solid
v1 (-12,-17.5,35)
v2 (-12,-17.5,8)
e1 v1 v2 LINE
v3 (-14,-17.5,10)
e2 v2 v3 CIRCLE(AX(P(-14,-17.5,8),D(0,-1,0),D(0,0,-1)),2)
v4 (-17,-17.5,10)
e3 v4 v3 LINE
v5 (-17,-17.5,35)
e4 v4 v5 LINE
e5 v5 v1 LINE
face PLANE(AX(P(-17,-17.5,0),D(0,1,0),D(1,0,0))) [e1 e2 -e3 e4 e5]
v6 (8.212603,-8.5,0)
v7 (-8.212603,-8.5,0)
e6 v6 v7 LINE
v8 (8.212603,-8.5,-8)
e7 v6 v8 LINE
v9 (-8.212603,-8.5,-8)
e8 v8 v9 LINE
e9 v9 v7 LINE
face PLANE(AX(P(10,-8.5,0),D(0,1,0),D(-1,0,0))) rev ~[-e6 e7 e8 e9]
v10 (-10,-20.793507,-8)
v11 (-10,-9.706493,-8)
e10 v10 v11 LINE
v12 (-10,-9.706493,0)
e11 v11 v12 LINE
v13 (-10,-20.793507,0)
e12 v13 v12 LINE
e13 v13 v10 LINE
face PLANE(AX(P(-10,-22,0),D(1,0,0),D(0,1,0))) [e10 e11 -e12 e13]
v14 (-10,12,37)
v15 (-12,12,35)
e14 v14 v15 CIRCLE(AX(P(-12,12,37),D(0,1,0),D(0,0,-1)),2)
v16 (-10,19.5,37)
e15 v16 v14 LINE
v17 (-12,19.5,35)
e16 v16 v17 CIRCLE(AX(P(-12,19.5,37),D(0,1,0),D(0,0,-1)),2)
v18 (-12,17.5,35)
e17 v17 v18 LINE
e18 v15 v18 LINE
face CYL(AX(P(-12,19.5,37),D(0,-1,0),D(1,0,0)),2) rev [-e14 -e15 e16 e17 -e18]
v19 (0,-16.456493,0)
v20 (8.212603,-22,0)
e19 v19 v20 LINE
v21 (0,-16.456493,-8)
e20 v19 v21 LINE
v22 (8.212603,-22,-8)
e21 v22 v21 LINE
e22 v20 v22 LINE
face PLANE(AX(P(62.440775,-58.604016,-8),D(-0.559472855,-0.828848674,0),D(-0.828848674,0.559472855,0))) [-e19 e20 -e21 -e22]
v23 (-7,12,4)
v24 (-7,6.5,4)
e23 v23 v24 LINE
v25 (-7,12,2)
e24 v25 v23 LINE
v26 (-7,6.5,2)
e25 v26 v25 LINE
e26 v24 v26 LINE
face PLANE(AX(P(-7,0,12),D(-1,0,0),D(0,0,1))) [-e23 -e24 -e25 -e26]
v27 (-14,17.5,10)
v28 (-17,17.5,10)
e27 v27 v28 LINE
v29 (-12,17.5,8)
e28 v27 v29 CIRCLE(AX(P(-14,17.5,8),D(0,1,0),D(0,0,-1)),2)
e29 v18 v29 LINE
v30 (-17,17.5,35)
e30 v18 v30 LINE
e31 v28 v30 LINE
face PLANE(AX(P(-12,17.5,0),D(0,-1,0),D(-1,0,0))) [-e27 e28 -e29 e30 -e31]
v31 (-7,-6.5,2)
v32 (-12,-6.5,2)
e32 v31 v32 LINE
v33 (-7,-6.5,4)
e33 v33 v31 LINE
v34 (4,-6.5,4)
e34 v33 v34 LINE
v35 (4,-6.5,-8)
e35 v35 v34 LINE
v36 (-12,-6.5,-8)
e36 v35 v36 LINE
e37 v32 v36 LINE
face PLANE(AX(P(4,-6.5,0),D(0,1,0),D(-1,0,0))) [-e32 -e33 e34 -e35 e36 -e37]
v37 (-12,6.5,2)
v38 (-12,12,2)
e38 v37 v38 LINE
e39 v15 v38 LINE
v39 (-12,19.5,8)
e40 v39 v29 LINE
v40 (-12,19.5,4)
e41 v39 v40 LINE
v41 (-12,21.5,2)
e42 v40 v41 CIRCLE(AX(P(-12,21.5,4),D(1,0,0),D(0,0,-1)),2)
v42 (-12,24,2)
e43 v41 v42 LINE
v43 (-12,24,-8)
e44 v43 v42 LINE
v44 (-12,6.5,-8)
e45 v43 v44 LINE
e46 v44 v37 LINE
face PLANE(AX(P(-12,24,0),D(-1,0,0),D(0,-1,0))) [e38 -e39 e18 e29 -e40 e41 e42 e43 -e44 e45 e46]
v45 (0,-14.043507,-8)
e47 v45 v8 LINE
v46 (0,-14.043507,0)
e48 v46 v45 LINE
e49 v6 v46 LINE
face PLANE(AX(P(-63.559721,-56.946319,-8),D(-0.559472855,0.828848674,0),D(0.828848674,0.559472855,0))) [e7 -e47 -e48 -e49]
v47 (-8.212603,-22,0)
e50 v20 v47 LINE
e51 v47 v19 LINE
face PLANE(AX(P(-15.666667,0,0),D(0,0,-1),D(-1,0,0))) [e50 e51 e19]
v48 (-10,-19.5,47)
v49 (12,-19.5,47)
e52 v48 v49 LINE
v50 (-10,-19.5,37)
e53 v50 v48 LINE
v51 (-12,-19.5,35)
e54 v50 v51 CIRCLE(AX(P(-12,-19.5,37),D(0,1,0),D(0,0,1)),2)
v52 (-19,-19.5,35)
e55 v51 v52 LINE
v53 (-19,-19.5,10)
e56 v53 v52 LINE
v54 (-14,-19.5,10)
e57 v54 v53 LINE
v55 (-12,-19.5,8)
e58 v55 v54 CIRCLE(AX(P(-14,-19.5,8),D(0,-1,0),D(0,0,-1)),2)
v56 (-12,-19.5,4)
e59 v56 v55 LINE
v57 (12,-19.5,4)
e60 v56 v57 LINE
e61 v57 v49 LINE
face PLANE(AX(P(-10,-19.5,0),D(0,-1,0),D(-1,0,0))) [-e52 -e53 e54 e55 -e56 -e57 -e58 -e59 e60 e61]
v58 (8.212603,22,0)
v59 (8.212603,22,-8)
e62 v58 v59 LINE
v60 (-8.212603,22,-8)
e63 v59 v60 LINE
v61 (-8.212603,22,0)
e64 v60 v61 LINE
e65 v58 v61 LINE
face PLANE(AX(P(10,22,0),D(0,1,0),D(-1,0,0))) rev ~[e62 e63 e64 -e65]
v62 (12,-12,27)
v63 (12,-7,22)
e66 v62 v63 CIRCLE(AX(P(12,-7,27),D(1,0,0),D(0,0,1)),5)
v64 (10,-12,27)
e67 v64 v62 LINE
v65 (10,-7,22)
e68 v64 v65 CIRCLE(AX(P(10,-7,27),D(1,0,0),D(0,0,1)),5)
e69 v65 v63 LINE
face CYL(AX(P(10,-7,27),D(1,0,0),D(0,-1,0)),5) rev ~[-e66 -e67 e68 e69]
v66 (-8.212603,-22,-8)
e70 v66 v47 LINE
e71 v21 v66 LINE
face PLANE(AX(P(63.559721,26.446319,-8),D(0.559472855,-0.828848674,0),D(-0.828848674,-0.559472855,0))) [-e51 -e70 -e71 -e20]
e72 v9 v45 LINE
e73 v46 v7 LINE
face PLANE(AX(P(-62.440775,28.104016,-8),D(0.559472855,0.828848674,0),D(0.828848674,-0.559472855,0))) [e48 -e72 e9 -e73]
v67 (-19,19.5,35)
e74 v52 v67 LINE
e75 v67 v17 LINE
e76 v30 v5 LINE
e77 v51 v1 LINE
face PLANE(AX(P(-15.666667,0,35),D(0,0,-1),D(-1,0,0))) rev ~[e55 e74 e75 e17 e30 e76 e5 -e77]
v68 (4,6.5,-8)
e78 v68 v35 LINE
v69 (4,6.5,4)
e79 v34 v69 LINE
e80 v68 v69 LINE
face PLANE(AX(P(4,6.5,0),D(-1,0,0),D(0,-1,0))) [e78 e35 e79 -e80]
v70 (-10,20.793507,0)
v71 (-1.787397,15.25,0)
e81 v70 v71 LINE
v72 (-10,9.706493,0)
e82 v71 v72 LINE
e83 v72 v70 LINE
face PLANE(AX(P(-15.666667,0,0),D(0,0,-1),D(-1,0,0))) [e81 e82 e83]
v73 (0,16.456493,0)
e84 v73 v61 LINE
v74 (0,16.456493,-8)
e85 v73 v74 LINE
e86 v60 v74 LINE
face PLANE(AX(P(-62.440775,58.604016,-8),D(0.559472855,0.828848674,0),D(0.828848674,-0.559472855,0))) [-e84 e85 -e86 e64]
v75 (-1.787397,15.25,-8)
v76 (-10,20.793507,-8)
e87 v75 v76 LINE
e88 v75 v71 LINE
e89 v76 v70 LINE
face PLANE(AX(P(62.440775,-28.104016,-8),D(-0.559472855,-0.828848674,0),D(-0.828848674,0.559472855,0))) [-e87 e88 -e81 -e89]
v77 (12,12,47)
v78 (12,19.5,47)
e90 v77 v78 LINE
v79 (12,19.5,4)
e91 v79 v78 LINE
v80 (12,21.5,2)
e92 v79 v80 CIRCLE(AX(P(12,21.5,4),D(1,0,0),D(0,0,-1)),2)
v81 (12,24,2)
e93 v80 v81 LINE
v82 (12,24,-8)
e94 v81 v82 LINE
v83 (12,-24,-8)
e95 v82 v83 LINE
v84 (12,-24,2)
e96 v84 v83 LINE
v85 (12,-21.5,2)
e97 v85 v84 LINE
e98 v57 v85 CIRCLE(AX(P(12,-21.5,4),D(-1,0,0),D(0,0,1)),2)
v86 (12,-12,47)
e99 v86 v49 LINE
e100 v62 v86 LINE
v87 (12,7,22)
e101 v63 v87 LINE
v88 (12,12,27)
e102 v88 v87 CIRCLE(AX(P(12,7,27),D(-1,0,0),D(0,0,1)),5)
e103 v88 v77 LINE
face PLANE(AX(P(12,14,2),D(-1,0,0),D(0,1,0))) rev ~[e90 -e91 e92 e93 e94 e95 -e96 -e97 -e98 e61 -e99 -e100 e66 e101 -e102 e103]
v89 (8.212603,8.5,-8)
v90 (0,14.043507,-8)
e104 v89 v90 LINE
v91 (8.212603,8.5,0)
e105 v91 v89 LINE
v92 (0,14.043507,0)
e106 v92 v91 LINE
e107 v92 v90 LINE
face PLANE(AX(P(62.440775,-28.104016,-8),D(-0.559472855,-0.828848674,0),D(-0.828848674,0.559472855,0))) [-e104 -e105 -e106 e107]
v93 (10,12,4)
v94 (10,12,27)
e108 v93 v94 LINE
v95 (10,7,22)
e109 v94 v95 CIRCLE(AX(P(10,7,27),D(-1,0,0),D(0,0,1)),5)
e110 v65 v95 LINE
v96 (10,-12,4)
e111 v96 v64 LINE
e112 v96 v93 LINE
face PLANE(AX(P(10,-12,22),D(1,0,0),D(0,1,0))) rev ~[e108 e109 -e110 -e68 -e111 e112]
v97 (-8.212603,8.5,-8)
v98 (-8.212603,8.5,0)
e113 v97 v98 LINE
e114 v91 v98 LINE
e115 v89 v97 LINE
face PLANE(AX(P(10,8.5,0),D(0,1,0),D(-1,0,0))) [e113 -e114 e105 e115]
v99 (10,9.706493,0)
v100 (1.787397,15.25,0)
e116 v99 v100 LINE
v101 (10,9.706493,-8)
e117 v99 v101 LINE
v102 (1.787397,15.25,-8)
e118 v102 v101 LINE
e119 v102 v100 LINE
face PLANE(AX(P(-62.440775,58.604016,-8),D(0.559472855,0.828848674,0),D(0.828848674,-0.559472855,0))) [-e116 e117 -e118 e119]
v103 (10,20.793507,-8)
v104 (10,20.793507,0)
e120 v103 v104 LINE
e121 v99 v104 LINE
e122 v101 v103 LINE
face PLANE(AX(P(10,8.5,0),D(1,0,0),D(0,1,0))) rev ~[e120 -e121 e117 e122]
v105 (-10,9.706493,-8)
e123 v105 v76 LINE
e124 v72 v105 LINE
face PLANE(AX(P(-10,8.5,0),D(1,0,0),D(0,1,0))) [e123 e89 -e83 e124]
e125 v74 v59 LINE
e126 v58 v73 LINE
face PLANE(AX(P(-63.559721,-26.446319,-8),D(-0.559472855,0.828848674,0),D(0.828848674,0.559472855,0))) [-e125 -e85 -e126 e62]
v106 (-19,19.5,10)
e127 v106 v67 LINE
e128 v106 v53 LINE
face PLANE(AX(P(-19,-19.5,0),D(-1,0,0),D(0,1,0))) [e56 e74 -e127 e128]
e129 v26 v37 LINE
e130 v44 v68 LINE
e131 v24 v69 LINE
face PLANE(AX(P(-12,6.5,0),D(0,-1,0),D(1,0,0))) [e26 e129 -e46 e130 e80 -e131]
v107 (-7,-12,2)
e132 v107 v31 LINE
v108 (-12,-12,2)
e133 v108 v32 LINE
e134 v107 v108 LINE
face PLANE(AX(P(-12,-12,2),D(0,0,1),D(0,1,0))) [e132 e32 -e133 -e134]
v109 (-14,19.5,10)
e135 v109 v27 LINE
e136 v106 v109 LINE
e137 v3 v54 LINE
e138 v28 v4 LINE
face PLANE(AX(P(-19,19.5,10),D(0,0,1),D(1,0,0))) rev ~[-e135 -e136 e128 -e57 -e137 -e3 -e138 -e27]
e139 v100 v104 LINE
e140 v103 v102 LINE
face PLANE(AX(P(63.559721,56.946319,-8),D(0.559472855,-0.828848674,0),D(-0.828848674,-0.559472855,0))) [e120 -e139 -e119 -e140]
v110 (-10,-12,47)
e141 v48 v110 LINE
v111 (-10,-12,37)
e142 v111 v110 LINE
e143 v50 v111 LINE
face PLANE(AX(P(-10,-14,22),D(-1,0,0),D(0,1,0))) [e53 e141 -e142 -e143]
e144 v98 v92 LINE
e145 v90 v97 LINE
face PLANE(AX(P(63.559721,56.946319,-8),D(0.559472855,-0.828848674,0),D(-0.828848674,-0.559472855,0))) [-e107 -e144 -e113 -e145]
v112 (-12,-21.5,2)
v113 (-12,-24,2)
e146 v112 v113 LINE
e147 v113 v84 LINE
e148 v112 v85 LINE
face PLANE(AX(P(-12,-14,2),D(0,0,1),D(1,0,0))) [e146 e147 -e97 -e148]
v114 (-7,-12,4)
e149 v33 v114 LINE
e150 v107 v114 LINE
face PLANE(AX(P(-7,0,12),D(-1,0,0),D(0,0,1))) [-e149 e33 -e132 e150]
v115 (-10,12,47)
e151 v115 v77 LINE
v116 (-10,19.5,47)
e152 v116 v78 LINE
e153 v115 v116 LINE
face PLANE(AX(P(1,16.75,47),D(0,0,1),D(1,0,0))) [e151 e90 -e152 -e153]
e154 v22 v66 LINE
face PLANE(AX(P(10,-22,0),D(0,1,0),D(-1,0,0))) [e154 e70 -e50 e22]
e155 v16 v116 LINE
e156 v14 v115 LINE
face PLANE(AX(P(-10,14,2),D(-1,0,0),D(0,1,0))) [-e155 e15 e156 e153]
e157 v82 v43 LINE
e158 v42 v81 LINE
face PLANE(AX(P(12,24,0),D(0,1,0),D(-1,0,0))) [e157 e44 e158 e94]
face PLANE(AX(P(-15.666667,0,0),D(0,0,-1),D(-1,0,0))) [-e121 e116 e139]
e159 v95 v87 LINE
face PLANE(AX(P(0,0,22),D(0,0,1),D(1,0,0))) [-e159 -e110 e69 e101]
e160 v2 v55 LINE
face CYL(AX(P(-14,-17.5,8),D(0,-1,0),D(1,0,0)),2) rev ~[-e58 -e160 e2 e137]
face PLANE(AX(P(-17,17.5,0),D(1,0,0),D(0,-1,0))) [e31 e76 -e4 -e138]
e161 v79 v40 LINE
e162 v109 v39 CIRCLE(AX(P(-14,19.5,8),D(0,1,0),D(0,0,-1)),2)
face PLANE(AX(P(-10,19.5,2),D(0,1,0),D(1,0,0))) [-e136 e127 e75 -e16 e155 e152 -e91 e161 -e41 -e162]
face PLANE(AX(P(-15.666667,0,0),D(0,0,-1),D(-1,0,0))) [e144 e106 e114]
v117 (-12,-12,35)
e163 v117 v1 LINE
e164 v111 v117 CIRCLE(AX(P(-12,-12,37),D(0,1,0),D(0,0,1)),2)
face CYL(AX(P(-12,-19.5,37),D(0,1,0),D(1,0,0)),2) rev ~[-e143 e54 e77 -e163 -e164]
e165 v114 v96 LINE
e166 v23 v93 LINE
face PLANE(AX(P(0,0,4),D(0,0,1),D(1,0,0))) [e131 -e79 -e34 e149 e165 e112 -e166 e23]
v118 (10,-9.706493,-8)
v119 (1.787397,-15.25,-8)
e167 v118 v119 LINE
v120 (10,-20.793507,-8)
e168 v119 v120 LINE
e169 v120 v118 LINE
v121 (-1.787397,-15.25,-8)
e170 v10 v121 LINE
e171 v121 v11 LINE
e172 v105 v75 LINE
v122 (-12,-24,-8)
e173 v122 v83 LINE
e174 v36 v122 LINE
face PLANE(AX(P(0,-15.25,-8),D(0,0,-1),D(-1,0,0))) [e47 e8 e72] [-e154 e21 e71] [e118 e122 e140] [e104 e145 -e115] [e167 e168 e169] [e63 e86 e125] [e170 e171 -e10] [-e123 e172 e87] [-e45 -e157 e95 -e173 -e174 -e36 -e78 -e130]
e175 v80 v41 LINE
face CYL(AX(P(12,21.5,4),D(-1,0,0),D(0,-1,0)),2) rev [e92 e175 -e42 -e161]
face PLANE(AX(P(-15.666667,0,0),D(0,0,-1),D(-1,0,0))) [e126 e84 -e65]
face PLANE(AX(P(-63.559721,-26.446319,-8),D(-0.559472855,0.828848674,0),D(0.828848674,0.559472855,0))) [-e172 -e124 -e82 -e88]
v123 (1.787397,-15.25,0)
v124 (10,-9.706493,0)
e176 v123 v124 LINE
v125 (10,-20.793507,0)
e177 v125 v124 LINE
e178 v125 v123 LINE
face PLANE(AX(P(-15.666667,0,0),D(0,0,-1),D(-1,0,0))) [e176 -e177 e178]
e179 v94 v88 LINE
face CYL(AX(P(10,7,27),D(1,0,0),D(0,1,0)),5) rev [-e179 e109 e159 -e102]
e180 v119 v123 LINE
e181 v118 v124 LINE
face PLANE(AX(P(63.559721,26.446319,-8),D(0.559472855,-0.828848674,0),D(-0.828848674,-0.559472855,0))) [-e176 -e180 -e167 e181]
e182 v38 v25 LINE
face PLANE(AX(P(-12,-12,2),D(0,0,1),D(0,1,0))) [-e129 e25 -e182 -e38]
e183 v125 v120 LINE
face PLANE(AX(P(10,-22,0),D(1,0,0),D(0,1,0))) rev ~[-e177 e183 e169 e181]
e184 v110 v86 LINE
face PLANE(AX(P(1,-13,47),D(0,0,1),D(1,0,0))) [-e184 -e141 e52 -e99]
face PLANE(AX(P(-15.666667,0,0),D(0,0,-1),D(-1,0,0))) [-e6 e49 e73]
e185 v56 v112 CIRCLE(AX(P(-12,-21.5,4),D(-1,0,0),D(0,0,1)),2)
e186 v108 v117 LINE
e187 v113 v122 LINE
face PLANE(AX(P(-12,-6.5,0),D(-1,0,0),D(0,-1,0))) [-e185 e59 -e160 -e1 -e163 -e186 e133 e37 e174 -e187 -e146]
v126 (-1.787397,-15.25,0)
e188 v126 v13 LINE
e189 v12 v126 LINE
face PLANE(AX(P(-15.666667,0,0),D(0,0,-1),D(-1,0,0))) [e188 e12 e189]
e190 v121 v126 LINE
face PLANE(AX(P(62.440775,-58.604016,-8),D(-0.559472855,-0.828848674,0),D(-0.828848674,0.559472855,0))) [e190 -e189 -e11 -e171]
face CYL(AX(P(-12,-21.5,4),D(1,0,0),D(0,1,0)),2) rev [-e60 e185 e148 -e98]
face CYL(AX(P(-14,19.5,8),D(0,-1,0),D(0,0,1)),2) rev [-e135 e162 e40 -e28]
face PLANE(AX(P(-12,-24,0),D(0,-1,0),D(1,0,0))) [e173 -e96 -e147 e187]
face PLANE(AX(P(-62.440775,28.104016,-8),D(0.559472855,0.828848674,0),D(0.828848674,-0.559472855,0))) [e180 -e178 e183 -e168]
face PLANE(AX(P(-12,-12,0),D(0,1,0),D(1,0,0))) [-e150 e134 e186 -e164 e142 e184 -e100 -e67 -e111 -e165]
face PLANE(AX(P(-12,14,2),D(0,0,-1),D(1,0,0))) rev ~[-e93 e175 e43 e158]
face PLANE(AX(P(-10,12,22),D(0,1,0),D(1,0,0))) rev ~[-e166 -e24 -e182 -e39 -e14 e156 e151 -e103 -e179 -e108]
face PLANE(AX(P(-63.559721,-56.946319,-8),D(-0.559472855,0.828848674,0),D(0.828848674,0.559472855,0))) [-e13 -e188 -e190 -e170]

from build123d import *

# Parameters (mm, degrees)
SKETCH_2_W          = 24
SKETCH_2_H          = 28
EXTRUDE_1_DEPTH     = 22
SKETCH_3_W          = 20
SKETCH_3_H          = 24
CUT_EXTRUDE_1_DEPTH = 18
SKETCH_4_W          = 16
SKETCH_4_H          = 13
CUT_EXTRUDE_3_DEPTH = 26.768197453
SKETCH_6_W          = 20
SKETCH_6_H          = 24
CUT_EXTRUDE_4_DEPTH = 5
SKETCH_7_W          = 24
SKETCH_7_H          = 2
EXTRUDE_3_DEPTH     = 10
SKETCH_8_W          = 24
SKETCH_8_H          = 2
EXTRUDE_4_DEPTH     = 10
EXTRUDE_5_DEPTH     = 35
SKETCH_10_W         = 22
SKETCH_10_H         = 2
EXTRUDE_6_DEPTH     = 25
FILLET_2_R          = 5
SKETCH_11_W         = 7
SKETCH_11_H         = 10
CUT_EXTRUDE_5_DEPTH = 67.80007485
FILLET_4_R          = 2
SKETCH_12_W         = 20
SKETCH_12_H         = 13.5
EXTRUDE_7_DEPTH     = 8
RIB_1_REACH         = 64.944
SKETCH_14_W         = 22
SKETCH_14_H         = 5.5
EXTRUDE_8_DEPTH     = 45
FILLET_5_R          = 2


with BuildPart() as part:
    # ｽｹｯﾁ2 → ﾎﾞｽ - 押し出し1 (new body)
    with BuildSketch(Plane.XY):
        Rectangle(SKETCH_2_W, SKETCH_2_H)
    extrude(amount=EXTRUDE_1_DEPTH)

    # ｽｹｯﾁ3 → ｶｯﾄ - 押し出し1 (cut)
    with BuildSketch(Plane.XY.offset(22)):
        Rectangle(SKETCH_3_W, SKETCH_3_H)
    extrude(amount=-CUT_EXTRUDE_1_DEPTH, mode=Mode.SUBTRACT)

    # ｽｹｯﾁ4 → ｶｯﾄ - 押し出し3 (cut, through all)
    with BuildSketch(Plane.XY.offset(4)):
        with Locations((-4, 0)):
            Rectangle(SKETCH_4_W, SKETCH_4_H)
    extrude(amount=-CUT_EXTRUDE_3_DEPTH, mode=Mode.SUBTRACT)

    # ｽｹｯﾁ6 → ｶｯﾄ - 押し出し4 (cut)
    with BuildSketch(Plane.ZY.offset(12)):
        with Locations((12, 0)):
            Rectangle(SKETCH_6_W, SKETCH_6_H)
    extrude(amount=-CUT_EXTRUDE_4_DEPTH, mode=Mode.SUBTRACT)

    # ｽｹｯﾁ7 → ﾎﾞｽ - 押し出し3 (add)
    with BuildSketch(Plane.XZ.offset(14)):
        with Locations((0, 1)):
            Rectangle(SKETCH_7_W, SKETCH_7_H)
    extrude(amount=EXTRUDE_3_DEPTH)

    # ｽｹｯﾁ8 → ﾎﾞｽ - 押し出し4 (add)
    with BuildSketch(Plane(origin=(0, 14, 0), x_dir=(1, 0, 0), z_dir=(0, 1, 0))):
        with Locations((0, -1)):
            Rectangle(SKETCH_8_W, SKETCH_8_H)
    extrude(amount=EXTRUDE_4_DEPTH)

    # ｽｹｯﾁ9 → ﾎﾞｽ - 押し出し5 (add)
    with BuildSketch(Plane(origin=(0, 0, 0), x_dir=(-1, 0, 0), z_dir=(0, 0, -1))):
        Polygon((12, 17.5), (17, 17.5), (17, -17.5), (12, -17.5), (12, -12), (10, -12), (10, -19.5), (19, -19.5), (19, 19.5), (10, 19.5), (10, 12), (12, 12), align=None)
    extrude(amount=-EXTRUDE_5_DEPTH)

    # ｽｹｯﾁ10 → ﾎﾞｽ - 押し出し6 (add)
    with BuildSketch(Plane.XY.offset(22)):
        with Locations((1, 13)):
            Rectangle(SKETCH_10_W, SKETCH_10_H)
        with Locations((1, -13)):
            Rectangle(SKETCH_10_W, SKETCH_10_H)
    extrude(amount=EXTRUDE_6_DEPTH)

    # ﾌｨﾚｯﾄ2
    fillet_2_edges = [part.edges().sort_by_distance(p)[0] for p in [
        (11, 12, 22),
        (11, -12, 22),
    ]]
    fillet(fillet_2_edges, radius=FILLET_2_R)

    # ｽｹｯﾁ11 → ｶｯﾄ - 押し出し5 (cut, through all)
    with BuildSketch(Plane(origin=(0, 19.5, 0), x_dir=(1, 0, 0), z_dir=(0, 1, 0))):
        with Locations((-15.5, -5)):
            Rectangle(SKETCH_11_W, SKETCH_11_H)
    extrude(amount=-CUT_EXTRUDE_5_DEPTH, mode=Mode.SUBTRACT)

    # ﾌｨﾚｯﾄ4
    fillet_4_edges = [part.edges().sort_by_distance(p)[0] for p in [
        (-12, -18.5, 10),
        (-12, 18.5, 10),
    ]]
    fillet(fillet_4_edges, radius=FILLET_4_R)

    # ｽｹｯﾁ12 → ﾎﾞｽ - 押し出し7 (add)
    with BuildSketch(Plane(origin=(0, 0, 0), x_dir=(-1, 0, 0), z_dir=(0, 0, -1))):
        Polygon((-12, 24), (12, 24), (12, 6.5), (-4, 6.5), (-4, -6.5), (12, -6.5), (12, -24), (-12, -24), (-12, -6.5), (-12, 6.5), align=None)
        with Locations((0, -15.25)):
            Rectangle(SKETCH_12_W, SKETCH_12_H, mode=Mode.SUBTRACT)
        with Locations((0, 15.25)):
            Rectangle(SKETCH_12_W, SKETCH_12_H, mode=Mode.SUBTRACT)
    extrude(amount=EXTRUDE_7_DEPTH)

    # ｽｹｯﾁ13 walls → ﾘﾌﾞ1 (add, up to next)
    with BuildSketch(Plane(origin=(0, 0, -8), x_dir=(-1, 0, 0), z_dir=(0, 0, -1)), mode=Mode.PRIVATE) as rib_1_sk1:
        Polygon((-63.559720526, 56.946318504), (62.440774816, -28.104015852), (63.559720526, -26.446318504), (-62.440774816, 58.604015852), align=None)
    rib_1_tool1 = extrude(rib_1_sk1.sketch, amount=-RIB_1_REACH, mode=Mode.PRIVATE) - part.part
    # ｽｹｯﾁ13 walls → ﾘﾌﾞ1 (add, up to next)
    with BuildSketch(Plane(origin=(0, 0, -8), x_dir=(-1, 0, 0), z_dir=(0, 0, -1)), mode=Mode.PRIVATE) as rib_1_sk2:
        Polygon((-62.440774816, -28.104015852), (63.559720526, 56.946318504), (62.440774816, 58.604015852), (-63.559720526, -26.446318504), align=None)
    rib_1_tool2 = extrude(rib_1_sk2.sketch, amount=-RIB_1_REACH, mode=Mode.PRIVATE) - part.part
    # ｽｹｯﾁ13 walls → ﾘﾌﾞ1 (add, up to next)
    with BuildSketch(Plane(origin=(0, 0, -8), x_dir=(-1, 0, 0), z_dir=(0, 0, -1)), mode=Mode.PRIVATE) as rib_1_sk3:
        Polygon((-63.559720526, 26.446318504), (62.440774816, -58.604015852), (63.559720526, -56.946318504), (-62.440774816, 28.104015852), align=None)
    rib_1_tool3 = extrude(rib_1_sk3.sketch, amount=-RIB_1_REACH, mode=Mode.PRIVATE) - part.part
    # ｽｹｯﾁ13 walls → ﾘﾌﾞ1 (add, up to next)
    with BuildSketch(Plane(origin=(0, 0, -8), x_dir=(-1, 0, 0), z_dir=(0, 0, -1)), mode=Mode.PRIVATE) as rib_1_sk4:
        Polygon((-62.440774816, -58.604015852), (63.559720526, 26.446318504), (62.440774816, 28.104015852), (-63.559720526, -56.946318504), align=None)
    rib_1_tool4 = extrude(rib_1_sk4.sketch, amount=-RIB_1_REACH, mode=Mode.PRIVATE) - part.part
    add(rib_1_tool1.solids().sort_by_distance((0, 15.25, -8))[0])
    add(rib_1_tool2.solids().sort_by_distance((0, 15.25, -8))[0])
    add(rib_1_tool3.solids().sort_by_distance((0, -15.25, -8))[0])
    add(rib_1_tool4.solids().sort_by_distance((0, -15.25, -8))[0])

    # ｽｹｯﾁ14 → ﾎﾞｽ - 押し出し8 (add)
    with BuildSketch(Plane.XY.offset(2)):
        with Locations((1, 16.75)):
            Rectangle(SKETCH_14_W, SKETCH_14_H)
        with Locations((1, -16.75)):
            Rectangle(SKETCH_14_W, SKETCH_14_H)
    extrude(amount=EXTRUDE_8_DEPTH)

    # ﾌｨﾚｯﾄ5
    fillet_5_edges = [part.edges().sort_by_distance(p)[0] for p in [
        (0, -19.5, 2),
        (0, 19.5, 2),
        (-10, -15.75, 35),
        (-10, 15.75, 35),
    ]]
    fillet(fillet_5_edges, radius=FILLET_5_R)


solid = part.part
